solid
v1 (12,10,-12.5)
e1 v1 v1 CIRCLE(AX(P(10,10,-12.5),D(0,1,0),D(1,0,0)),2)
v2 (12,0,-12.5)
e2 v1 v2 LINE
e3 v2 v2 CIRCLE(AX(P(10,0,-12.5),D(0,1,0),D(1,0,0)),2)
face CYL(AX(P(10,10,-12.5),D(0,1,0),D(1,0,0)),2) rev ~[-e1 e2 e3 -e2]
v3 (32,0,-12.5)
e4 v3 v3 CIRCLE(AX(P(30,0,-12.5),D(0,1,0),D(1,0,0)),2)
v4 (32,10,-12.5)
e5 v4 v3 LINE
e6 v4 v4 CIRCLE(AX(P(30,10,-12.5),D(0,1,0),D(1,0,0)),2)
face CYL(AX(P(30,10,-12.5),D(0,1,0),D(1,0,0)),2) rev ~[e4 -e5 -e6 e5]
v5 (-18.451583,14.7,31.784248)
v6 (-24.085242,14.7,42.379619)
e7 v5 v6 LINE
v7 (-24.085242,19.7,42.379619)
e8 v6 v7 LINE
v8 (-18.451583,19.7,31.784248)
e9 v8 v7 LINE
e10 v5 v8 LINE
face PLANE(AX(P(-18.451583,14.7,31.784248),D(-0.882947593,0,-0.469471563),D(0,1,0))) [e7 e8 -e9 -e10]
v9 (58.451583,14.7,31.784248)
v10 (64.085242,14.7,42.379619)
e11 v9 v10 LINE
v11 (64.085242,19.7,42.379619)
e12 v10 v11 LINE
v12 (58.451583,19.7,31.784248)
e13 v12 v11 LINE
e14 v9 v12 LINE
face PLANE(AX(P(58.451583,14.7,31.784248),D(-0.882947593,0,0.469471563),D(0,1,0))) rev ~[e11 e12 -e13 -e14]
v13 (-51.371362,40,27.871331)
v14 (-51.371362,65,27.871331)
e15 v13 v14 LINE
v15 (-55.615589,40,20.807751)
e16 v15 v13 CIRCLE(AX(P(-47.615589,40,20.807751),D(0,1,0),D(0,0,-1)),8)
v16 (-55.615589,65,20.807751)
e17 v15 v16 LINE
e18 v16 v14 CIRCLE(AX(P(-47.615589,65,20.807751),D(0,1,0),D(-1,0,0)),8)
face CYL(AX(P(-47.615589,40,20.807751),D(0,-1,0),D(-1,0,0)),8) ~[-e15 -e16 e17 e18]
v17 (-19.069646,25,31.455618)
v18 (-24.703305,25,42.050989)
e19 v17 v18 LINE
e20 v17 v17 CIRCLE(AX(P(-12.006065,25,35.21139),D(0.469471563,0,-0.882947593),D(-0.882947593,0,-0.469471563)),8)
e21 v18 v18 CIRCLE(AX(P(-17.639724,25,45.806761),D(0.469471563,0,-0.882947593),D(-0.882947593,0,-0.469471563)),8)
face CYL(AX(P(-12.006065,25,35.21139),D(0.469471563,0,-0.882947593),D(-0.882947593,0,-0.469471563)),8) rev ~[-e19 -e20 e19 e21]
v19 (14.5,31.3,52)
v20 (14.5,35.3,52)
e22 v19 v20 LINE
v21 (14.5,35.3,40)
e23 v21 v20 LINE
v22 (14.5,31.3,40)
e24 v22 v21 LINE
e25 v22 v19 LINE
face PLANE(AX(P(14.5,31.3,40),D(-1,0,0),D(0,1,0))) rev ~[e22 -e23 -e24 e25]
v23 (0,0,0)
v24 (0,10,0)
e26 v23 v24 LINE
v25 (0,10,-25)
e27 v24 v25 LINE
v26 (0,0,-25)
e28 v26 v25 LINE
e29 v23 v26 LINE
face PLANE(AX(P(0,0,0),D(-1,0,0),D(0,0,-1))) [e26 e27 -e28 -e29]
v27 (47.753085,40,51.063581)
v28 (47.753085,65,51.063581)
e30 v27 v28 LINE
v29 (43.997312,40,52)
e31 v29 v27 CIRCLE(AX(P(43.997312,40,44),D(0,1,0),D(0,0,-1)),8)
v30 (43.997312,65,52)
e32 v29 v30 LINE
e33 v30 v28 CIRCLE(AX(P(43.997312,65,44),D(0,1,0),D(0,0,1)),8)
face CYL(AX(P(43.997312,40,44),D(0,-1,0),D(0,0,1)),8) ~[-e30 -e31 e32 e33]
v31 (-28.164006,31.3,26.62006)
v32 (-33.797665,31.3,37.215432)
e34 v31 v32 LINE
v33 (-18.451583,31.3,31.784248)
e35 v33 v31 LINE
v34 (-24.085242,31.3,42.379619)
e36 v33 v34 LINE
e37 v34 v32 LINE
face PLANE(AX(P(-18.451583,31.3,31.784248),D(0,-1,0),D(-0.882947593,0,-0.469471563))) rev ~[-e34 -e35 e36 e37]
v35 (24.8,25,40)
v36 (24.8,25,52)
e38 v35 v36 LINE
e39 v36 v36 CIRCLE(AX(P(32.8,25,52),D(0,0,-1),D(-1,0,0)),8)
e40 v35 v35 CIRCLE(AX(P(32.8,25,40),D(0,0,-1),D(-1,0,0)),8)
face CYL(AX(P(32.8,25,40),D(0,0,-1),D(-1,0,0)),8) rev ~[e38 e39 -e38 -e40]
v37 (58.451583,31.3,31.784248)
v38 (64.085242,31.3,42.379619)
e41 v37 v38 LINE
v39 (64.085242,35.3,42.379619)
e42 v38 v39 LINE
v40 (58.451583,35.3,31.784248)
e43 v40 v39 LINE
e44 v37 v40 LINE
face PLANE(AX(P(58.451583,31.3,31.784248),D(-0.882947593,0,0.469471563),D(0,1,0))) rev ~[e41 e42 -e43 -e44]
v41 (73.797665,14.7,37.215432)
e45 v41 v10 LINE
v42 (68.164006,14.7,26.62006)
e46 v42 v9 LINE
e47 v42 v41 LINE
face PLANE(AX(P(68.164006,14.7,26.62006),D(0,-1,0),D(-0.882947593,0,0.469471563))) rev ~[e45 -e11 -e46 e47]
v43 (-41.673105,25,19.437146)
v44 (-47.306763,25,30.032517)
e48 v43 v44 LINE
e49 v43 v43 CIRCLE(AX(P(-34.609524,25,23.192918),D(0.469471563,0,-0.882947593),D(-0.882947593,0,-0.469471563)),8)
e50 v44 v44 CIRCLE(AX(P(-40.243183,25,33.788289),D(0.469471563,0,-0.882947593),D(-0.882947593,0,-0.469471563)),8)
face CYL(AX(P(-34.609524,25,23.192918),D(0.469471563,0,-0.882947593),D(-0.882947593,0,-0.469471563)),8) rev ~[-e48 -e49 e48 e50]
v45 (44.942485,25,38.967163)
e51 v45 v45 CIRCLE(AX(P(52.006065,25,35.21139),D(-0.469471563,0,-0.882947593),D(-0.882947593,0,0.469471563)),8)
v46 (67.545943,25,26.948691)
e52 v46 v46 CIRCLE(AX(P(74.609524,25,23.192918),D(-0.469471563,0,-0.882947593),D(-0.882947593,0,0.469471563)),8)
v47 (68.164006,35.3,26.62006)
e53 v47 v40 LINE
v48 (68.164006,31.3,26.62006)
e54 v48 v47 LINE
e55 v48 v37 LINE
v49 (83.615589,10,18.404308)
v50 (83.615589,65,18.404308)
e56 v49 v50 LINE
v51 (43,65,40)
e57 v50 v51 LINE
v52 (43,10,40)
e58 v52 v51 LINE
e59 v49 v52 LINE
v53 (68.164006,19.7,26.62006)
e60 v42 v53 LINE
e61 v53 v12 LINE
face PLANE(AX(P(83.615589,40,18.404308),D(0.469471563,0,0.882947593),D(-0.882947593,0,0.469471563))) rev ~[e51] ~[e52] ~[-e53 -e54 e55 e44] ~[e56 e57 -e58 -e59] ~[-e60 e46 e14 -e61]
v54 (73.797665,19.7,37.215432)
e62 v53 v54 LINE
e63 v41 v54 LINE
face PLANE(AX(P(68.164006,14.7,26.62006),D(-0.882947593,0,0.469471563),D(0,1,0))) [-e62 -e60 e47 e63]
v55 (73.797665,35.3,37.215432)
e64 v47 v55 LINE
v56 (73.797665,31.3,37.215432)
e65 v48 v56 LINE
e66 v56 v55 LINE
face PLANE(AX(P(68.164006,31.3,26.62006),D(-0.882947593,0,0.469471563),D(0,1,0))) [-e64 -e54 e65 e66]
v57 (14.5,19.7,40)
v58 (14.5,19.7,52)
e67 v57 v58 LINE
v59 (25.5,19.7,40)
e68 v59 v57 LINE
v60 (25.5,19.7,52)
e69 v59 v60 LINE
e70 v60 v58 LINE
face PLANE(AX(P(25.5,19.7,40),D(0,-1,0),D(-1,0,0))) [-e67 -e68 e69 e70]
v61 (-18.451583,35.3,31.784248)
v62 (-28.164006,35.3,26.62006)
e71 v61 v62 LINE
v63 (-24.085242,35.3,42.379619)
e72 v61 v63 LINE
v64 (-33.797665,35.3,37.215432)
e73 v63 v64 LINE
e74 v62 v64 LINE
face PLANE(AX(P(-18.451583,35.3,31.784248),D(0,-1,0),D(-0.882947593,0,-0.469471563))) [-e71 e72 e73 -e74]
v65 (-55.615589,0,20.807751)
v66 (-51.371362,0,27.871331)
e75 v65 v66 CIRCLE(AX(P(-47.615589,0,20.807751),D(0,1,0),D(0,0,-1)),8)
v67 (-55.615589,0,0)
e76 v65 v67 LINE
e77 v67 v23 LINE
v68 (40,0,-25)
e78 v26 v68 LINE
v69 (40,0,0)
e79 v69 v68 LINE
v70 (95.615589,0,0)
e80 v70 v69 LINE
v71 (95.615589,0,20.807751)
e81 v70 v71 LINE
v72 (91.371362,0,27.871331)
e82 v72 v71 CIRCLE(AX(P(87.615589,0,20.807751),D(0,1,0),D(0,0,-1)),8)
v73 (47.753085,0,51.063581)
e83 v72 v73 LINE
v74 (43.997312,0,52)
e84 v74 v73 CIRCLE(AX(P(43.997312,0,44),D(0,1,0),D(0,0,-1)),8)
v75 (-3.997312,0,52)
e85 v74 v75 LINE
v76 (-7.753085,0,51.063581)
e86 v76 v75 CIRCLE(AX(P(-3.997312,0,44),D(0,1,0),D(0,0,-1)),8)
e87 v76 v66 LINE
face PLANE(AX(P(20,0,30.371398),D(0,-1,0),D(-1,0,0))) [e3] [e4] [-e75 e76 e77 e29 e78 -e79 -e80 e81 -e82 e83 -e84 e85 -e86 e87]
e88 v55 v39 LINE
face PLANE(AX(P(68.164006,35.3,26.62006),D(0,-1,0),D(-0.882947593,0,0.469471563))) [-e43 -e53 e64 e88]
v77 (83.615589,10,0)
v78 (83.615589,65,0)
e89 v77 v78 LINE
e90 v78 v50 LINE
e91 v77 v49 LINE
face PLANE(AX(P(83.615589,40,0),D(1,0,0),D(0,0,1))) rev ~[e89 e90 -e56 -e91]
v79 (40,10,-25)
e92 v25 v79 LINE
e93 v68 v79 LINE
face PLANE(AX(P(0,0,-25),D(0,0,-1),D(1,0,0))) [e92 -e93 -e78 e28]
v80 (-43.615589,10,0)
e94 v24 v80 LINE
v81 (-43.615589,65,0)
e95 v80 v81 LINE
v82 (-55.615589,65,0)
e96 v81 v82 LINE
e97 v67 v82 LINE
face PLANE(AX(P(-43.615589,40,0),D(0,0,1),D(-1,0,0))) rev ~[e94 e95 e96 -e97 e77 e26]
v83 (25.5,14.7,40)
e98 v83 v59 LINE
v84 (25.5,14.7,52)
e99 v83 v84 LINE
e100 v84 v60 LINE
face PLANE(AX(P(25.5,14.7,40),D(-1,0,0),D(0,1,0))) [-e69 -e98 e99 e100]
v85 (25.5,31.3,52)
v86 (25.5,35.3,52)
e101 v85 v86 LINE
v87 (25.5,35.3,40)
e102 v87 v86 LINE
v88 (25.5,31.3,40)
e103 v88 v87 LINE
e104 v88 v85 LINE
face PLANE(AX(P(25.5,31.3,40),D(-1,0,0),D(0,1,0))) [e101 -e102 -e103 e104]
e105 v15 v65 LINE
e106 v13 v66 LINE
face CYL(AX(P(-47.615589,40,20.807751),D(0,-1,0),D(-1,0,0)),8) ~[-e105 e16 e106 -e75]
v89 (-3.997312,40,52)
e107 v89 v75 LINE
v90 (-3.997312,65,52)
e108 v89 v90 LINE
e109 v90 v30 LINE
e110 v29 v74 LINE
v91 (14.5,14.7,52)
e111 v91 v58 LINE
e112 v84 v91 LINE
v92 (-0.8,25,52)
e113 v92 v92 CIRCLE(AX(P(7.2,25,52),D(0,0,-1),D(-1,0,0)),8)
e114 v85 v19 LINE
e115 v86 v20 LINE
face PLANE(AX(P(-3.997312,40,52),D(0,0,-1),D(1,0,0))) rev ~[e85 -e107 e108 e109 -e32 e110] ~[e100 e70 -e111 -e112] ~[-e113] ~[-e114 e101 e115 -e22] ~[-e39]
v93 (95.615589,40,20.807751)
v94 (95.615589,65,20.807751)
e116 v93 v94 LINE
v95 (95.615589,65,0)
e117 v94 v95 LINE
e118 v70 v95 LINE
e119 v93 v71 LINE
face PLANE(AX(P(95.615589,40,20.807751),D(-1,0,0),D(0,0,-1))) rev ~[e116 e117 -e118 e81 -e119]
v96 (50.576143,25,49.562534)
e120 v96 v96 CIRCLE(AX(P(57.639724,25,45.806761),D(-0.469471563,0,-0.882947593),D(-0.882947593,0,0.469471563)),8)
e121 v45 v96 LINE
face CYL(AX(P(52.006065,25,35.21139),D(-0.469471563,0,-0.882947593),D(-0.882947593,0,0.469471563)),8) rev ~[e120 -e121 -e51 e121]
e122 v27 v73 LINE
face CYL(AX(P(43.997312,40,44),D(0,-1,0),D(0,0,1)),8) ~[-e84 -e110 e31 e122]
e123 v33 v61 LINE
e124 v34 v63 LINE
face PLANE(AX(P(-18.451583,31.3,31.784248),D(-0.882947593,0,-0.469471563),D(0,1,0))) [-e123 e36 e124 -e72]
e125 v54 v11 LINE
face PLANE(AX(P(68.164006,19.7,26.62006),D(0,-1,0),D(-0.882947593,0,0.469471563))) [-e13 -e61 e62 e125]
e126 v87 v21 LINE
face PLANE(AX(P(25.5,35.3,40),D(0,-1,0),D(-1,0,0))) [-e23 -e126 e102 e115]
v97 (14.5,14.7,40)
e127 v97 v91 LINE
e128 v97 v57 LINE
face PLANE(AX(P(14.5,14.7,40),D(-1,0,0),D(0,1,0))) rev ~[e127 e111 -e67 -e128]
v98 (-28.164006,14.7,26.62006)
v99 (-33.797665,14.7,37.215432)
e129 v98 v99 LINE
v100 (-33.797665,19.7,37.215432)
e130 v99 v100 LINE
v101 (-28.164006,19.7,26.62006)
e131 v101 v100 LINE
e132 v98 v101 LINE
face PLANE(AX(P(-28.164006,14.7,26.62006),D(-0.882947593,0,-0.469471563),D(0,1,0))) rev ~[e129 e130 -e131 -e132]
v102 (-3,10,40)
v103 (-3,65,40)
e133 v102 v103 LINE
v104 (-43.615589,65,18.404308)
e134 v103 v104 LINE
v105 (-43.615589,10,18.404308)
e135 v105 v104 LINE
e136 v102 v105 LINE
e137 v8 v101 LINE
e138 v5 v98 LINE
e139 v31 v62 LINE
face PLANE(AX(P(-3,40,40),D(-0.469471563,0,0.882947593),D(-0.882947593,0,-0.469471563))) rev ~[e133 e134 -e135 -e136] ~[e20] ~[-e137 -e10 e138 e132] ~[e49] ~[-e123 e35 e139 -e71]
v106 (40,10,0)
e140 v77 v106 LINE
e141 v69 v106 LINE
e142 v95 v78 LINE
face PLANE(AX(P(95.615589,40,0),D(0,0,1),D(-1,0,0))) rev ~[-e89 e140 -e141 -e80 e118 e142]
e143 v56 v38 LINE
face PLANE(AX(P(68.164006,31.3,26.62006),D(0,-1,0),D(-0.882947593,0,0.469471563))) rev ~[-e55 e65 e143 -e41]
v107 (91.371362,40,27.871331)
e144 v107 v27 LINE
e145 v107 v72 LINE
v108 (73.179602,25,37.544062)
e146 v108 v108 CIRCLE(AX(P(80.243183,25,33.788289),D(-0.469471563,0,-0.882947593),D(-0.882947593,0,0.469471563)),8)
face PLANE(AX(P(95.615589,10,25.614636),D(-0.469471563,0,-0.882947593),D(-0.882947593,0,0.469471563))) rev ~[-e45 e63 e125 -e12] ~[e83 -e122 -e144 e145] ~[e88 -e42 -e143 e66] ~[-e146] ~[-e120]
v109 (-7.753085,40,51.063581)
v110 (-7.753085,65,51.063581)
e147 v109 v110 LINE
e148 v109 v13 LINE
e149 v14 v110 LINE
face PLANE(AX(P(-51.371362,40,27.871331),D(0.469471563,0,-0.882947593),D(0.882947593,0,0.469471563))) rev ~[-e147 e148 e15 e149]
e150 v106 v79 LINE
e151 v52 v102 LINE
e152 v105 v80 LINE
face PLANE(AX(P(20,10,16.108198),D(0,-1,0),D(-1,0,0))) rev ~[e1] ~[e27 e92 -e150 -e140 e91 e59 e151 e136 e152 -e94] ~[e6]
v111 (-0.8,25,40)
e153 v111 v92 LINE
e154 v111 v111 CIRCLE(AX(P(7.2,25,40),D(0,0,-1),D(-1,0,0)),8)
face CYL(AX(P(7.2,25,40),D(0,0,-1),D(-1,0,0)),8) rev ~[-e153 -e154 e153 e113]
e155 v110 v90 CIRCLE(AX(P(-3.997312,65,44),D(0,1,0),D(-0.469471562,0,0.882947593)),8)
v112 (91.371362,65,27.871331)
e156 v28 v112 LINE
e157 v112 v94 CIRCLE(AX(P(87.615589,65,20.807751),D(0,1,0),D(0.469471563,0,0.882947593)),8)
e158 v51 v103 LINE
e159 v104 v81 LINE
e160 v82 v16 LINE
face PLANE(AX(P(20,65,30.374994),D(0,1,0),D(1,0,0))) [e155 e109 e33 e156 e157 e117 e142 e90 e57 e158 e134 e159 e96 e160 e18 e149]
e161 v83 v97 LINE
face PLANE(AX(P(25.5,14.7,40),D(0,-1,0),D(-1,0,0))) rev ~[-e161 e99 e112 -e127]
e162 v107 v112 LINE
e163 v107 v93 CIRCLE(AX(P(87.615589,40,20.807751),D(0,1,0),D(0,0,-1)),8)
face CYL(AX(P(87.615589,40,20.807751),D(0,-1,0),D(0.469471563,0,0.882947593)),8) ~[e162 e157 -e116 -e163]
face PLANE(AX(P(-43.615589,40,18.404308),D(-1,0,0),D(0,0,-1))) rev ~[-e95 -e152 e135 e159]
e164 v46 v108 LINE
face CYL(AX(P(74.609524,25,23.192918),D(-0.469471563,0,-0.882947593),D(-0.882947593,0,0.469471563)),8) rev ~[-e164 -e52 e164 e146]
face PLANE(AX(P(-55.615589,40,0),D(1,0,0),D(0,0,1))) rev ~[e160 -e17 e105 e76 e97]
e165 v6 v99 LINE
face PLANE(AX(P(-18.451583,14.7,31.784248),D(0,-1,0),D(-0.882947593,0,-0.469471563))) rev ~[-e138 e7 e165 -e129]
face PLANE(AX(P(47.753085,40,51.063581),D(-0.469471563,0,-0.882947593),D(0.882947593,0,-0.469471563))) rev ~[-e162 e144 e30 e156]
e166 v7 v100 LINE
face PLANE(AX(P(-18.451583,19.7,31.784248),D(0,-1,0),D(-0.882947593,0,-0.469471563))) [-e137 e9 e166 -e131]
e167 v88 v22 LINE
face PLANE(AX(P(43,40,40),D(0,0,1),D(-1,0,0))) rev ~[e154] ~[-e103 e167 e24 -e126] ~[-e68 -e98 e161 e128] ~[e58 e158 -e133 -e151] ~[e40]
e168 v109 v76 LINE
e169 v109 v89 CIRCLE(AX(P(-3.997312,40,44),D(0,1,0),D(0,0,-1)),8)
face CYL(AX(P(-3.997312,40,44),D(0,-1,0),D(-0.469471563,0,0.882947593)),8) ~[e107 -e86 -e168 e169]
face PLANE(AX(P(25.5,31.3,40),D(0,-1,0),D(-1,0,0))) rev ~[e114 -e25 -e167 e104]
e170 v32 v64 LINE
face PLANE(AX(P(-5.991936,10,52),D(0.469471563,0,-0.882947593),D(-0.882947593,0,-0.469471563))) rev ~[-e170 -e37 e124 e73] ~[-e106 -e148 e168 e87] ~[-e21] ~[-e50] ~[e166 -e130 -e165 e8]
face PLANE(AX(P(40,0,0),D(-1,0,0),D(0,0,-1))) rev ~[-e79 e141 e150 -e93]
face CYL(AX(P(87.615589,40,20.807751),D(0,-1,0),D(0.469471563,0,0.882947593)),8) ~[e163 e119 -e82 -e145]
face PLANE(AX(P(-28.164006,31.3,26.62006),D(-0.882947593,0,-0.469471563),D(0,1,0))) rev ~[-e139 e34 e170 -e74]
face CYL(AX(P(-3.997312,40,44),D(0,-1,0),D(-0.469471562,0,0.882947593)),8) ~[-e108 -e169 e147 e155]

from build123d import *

# Parameters (mm, degrees)
SKETCH1_W                       = 40
SKETCH1_H                       = 25
BOSS_EXTRUDE1_DEPTH             = 10
BOSS_EXTRUDE2_DEPTH             = 10
EXTRUDE_THIN1_DEPTH             = 30
EXTRUDE_THIN1_DEPTH_BACK        = 10
FILLET1_R                       = 8
SKETCH4_R                       = 8
SKETCH4_W                       = 11
SKETCH4_H                       = 5
SKETCH4_H_2                     = 4
CUT_EXTRUDE1_DEPTH              = 30
CIRPATTERN1_COUNT               = 2
CIRPATTERN1_ANGLE               = 28
CIRPATTERN1_THE_OTHER_WAY_COUNT = 2
CIRPATTERN1_THE_OTHER_WAY_ANGLE = 28
BOSS_EXTRUDE3_DEPTH             = 25
SKETCH7_R                       = 2
CUT_EXTRUDE2_DEPTH              = 11


with BuildPart() as part:
    # Sketch1 → Boss-Extrude1 (new body)
    with BuildSketch(Plane(origin=(0, 0, 0), x_dir=(1, 0, 0), z_dir=(0, 1, 0))):
        with Locations((20, 12.5)):
            Rectangle(SKETCH1_W, SKETCH1_H)
    extrude(amount=BOSS_EXTRUDE1_DEPTH)

    # Sketch2 → Boss-Extrude2 (add)
    with BuildSketch(Plane(origin=(0, 10, 0), x_dir=(1, 0, 0), z_dir=(0, 1, 0))):
        Polygon((43, -40), (-3, -40), (-43.615589272, -18.404308112), (-43.615589272, 0), (0, 0), (40, 0), (83.615589272, 0), (83.615589272, -18.404308112), align=None)
    extrude(amount=-BOSS_EXTRUDE2_DEPTH)

    # Sketch3 → Extrude-Thin1 (add, two sides)
    with BuildSketch(Plane(origin=(0, 10, 0), x_dir=(1, 0, 0), z_dir=(0, 1, 0))) as extrude_thin1_sk:
        Polygon((-43.615589272, 0), (-43.615589272, -18.404308112), (-3, -40), (43, -40), (83.615589272, -18.404308112), (83.615589272, 0), (95.615589272, 0), (95.615589272, -25.61463554), (45.991936034, -52), (-5.991936034, -52), (-55.615589272, -25.61463554), (-55.615589272, 0), align=None)
    extrude(amount=EXTRUDE_THIN1_DEPTH)
    extrude(extrude_thin1_sk.sketch, amount=-EXTRUDE_THIN1_DEPTH_BACK)

    # Fillet1
    fillet1_edges = [part.edges().sort_by_distance(p)[0] for p in [
        (95.615589272, 20, 25.61463554),
        (45.991936034, 20, 52),
        (-5.991936034, 20, 52),
        (-55.615589272, 20, 25.61463554),
    ]]
    fillet(fillet1_edges, radius=FILLET1_R)

    # Sketch4 → Cut-Extrude1 (cut)
    with BuildSketch(Plane(origin=(0, 0, 40), x_dir=(-1, 0, 0), z_dir=(0, 0, -1))):
        with Locations((-32.8, 25)):
            Circle(SKETCH4_R)
        with Locations((-7.2, 25)):
            Circle(SKETCH4_R)
        with Locations((-20, 17.2)):
            Rectangle(SKETCH4_W, SKETCH4_H)
        with Locations((-20, 33.3)):
            Rectangle(SKETCH4_W, SKETCH4_H_2)
    cut_extrude1 = extrude(amount=-CUT_EXTRUDE1_DEPTH, mode=Mode.SUBTRACT)

    # CirPattern1: Cut-Extrude1 ×2 about axis
    cirpattern1_axis = Axis((20, 40, -52.247961471), (0, 1, 0))
    for i in range(1, CIRPATTERN1_COUNT):
        add(cut_extrude1.rotate(cirpattern1_axis, i * CIRPATTERN1_ANGLE / (CIRPATTERN1_COUNT - 1)), mode=Mode.SUBTRACT)

    # CirPattern1 the other way: Cut-Extrude1 ×2 about axis
    cirpattern1_the_other_way_axis = Axis((20, 40, -52.247961471), (0, -1, 0))
    for i in range(1, CIRPATTERN1_THE_OTHER_WAY_COUNT):
        add(cut_extrude1.rotate(cirpattern1_the_other_way_axis, i * CIRPATTERN1_THE_OTHER_WAY_ANGLE / (CIRPATTERN1_THE_OTHER_WAY_COUNT - 1)), mode=Mode.SUBTRACT)

    # Sketch6 → Boss-Extrude3 (add)
    with BuildSketch(Plane(origin=(0, 40, 0), x_dir=(1, 0, 0), z_dir=(0, 1, 0))):
        with BuildLine():
            Line((47.753084514, -51.063580743), (91.371361774, -27.871331331))
            ThreePointArc((91.371361774, -27.871331331), (94.472927677, -24.928055187), (95.615589272, -20.807750588))
            Line((95.615589272, -20.807750588), (95.615589272, 0))
            Line((95.615589272, 0), (83.615589272, 0))
            Line((83.615589272, 0), (83.615589272, -18.404308112))
            Line((83.615589272, -18.404308112), (43, -40))
            Line((43, -40), (-3, -40))
            Line((-3, -40), (-43.615589272, -18.404308112))
            Line((-43.615589272, -18.404308112), (-43.615589272, 0))
            Line((-43.615589272, 0), (-55.615589272, 0))
            Line((-55.615589272, 0), (-55.615589272, -20.807750588))
            ThreePointArc((-55.615589272, -20.807750588), (-54.472927677, -24.928055187), (-51.371361774, -27.871331331))
            Line((-51.371361774, -27.871331331), (-7.753084514, -51.063580743))
            ThreePointArc((-7.753084514, -51.063580743), (-5.932687176, -51.76236581), (-3.997312011, -52))
            Line((-3.997312011, -52), (43.997312011, -52))
            ThreePointArc((43.997312011, -52), (45.932687176, -51.76236581), (47.753084514, -51.063580743))
        make_face()
    extrude(amount=BOSS_EXTRUDE3_DEPTH)

    # Sketch7 → Cut-Extrude2 (cut, through all)
    with BuildSketch(Plane(origin=(0, 10, 0), x_dir=(1, 0, 0), z_dir=(0, 1, 0))):
        with Locations((10, 12.5)):
            Circle(SKETCH7_R)
        with Locations((30, 12.5)):
            Circle(SKETCH7_R)
    extrude(amount=-CUT_EXTRUDE2_DEPTH, mode=Mode.SUBTRACT)


solid = part.part
